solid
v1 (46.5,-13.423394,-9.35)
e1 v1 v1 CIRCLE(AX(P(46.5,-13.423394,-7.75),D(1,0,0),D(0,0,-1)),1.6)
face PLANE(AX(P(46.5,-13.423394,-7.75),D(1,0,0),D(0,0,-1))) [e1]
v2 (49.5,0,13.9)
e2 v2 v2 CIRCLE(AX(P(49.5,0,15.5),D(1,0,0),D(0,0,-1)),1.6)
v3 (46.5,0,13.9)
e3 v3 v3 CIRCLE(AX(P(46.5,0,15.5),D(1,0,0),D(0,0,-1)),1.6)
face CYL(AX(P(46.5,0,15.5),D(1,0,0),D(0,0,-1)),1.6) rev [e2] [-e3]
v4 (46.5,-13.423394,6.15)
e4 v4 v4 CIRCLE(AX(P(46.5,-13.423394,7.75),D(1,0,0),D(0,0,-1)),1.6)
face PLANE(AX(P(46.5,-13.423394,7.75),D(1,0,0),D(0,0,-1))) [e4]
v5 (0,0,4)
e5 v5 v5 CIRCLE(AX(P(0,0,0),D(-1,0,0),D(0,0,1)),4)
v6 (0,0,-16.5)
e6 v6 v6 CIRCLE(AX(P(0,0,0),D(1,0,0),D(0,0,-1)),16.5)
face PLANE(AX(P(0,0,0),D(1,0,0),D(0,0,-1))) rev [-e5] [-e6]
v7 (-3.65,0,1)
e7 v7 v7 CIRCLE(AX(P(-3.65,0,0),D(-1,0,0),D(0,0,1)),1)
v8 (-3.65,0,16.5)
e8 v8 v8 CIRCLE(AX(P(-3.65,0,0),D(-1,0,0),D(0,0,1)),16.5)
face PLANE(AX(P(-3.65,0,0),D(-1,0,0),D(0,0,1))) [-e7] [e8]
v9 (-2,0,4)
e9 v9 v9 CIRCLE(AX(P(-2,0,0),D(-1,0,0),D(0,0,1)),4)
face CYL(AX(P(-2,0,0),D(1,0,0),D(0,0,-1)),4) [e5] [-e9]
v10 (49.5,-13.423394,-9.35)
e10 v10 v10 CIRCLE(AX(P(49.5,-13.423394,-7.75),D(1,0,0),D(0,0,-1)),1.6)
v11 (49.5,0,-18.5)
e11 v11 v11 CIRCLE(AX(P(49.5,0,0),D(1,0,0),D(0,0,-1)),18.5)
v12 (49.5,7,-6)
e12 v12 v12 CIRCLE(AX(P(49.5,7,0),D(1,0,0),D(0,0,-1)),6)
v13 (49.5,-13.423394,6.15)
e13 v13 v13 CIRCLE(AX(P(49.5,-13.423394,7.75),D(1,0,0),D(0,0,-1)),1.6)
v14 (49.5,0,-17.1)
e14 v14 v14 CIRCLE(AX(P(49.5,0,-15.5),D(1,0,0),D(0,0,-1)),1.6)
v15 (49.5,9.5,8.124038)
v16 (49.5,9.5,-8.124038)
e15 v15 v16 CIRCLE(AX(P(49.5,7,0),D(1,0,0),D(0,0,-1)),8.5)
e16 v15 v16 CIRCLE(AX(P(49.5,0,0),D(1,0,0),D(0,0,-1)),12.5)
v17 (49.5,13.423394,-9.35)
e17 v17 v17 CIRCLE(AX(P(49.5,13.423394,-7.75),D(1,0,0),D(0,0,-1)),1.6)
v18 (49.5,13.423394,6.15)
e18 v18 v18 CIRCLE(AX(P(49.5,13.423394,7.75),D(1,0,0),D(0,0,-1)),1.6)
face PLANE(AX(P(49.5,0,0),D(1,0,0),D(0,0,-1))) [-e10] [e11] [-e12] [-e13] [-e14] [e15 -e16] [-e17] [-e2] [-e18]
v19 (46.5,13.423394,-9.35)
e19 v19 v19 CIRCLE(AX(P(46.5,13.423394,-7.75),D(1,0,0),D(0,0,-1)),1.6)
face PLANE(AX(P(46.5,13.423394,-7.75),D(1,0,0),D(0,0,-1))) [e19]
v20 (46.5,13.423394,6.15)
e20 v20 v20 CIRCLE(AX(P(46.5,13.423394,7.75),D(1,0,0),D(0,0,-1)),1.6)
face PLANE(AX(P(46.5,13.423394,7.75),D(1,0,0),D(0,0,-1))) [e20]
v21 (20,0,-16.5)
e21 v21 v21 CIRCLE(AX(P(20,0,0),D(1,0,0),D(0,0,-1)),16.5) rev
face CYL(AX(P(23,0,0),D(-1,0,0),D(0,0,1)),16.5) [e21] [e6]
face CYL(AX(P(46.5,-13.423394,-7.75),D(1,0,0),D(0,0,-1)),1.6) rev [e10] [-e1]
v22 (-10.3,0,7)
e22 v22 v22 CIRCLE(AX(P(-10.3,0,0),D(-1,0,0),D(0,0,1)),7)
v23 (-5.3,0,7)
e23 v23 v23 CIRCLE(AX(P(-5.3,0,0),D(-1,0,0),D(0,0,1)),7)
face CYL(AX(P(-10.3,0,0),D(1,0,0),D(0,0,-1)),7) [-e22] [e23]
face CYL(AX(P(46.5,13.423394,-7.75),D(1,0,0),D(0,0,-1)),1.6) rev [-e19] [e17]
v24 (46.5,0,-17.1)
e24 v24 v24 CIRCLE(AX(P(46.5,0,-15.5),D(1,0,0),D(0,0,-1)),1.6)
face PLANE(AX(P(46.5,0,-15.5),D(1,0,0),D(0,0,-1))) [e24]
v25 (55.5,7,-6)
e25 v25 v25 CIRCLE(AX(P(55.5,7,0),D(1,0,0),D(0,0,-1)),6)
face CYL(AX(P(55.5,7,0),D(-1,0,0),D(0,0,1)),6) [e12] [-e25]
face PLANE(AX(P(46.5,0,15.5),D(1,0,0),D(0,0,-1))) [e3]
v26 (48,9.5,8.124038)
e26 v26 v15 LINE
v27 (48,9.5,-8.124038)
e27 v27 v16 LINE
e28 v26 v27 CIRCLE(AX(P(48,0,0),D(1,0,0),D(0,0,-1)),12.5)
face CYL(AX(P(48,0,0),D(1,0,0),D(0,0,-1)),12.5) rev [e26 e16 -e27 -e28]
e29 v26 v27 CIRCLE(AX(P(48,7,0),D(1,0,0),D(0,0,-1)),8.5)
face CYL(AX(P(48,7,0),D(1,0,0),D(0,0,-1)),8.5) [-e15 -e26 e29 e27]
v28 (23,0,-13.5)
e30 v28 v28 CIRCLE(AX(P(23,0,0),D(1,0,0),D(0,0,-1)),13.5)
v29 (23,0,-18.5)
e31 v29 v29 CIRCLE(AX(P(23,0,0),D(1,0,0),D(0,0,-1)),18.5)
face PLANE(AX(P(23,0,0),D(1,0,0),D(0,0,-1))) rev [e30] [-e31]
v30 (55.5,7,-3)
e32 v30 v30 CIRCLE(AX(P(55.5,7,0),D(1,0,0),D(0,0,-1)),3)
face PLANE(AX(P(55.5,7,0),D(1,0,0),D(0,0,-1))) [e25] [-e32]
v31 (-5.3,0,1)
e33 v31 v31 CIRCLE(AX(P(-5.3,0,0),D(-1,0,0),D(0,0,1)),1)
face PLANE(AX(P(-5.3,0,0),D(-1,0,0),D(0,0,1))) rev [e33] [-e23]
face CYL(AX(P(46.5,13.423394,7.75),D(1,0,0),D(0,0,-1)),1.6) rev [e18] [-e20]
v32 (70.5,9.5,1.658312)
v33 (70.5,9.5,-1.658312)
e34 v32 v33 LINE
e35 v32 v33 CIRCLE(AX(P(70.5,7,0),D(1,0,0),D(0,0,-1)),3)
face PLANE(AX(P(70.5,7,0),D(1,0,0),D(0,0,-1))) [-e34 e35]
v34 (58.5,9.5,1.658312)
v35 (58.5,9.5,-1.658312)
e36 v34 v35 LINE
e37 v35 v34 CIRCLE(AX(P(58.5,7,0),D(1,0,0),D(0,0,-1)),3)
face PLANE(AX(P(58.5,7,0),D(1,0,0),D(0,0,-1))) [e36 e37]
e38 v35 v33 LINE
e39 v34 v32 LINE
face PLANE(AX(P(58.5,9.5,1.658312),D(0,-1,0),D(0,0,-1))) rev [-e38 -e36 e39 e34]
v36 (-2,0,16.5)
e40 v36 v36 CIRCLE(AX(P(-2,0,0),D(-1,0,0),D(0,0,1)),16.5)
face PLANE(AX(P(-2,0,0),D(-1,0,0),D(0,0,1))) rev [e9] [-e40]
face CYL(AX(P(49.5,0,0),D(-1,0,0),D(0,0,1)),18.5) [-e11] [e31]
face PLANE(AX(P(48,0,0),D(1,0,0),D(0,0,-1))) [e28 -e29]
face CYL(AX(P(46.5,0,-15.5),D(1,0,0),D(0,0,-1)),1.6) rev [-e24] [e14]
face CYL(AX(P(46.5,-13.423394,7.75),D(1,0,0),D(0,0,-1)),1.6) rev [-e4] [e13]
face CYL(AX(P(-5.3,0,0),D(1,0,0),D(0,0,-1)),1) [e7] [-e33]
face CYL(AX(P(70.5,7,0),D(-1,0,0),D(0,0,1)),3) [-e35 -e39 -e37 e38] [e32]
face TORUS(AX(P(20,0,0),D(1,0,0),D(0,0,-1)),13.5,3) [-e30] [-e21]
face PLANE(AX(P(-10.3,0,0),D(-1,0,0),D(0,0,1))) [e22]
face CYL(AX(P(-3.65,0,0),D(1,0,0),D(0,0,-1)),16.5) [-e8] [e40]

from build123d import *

# Parameters (mm, degrees)
CROQUIS_MOTOR_BASE_R      = 16.5
SALIENTE_EXTRUIR1_DEPTH   = 23
REDONDEO1_R               = 3
CROQUIS_REDUCTOR_BASE_R   = 18.5
SALIENTE_EXTRUIR2_DEPTH   = 26.5
CROQUIS_MOTOR_SHAFT_R     = 6
SALIENTE_EXTRUIR3_DEPTH   = 6
CORTAR_EXTRUIR1_DEPTH     = 1.5
CROQUIS_SHAFT_R           = 3
SALIENTE_EXTRUIR4_DEPTH   = 15
CORTAR_EXTRUIR2_START     = -12
CORTAR_EXTRUIR2_DEPTH     = 12
CROQUIS_MOUNT_AND_CLOSE_R = 1.6
CORTAR_EXTRUIR3_DEPTH     = 3
CROQUIS_MOTOR_SHAFT_OUT_R = 4
SALIENTE_EXTRUIR5_DEPTH   = 2
SALIENTE_EXTRUIR6_START   = 1.65
CROQUIS_ELECTRONICS_R     = 16.5
SALIENTE_EXTRUIR6_DEPTH   = 1.65
CROQUIS_MOTOR_AXIS_R      = 1
SALIENTE_EXTRUIR7_DEPTH   = 1.65
CROQUIS_ENCODER_R         = 7
SALIENTE_EXTRUIR8_DEPTH   = 5


with BuildPart() as part:
    # Croquis motor base → Saliente-Extruir1 (new body)
    with BuildSketch(Plane(origin=(0, 0, 0), x_dir=(0, 0, -1), z_dir=(1, 0, 0))):
        Circle(CROQUIS_MOTOR_BASE_R)
    extrude(amount=SALIENTE_EXTRUIR1_DEPTH)

    # Redondeo1
    redondeo1_edges = [part.edges().sort_by_distance(p)[0] for p in [
        (23, 0, 16.5),
    ]]
    fillet(redondeo1_edges, radius=REDONDEO1_R)

    # Croquis reductor base → Saliente-Extruir2 (add)
    with BuildSketch(Plane(origin=(23, 0, 0), x_dir=(0, 0, -1), z_dir=(1, 0, 0))):
        Circle(CROQUIS_REDUCTOR_BASE_R)
    extrude(amount=SALIENTE_EXTRUIR2_DEPTH)

    # Croquis motor shaft → Saliente-Extruir3 (add)
    with BuildSketch(Plane(origin=(49.5, 0, 0), x_dir=(0, 0, -1), z_dir=(1, 0, 0))):
        with Locations((0, 7)):
            Circle(CROQUIS_MOTOR_SHAFT_R)
    extrude(amount=SALIENTE_EXTRUIR3_DEPTH)

    # Croquis motor shaft<3> → Cortar-Extruir1 (cut)
    with BuildSketch(Plane(origin=(49.5, 0, 0), x_dir=(0, 0, -1), z_dir=(1, 0, 0))):
        with BuildLine():
            ThreePointArc((8.124038405, 9.5), (8.405484116, 8.264055687), (8.5, 7))
            ThreePointArc((8.5, 7), (-1.264055687, -1.405484116), (-8.124038405, 9.5))
            ThreePointArc((-8.124038405, 9.5), (0, -12.5), (8.124038405, 9.5))
        make_face()
    extrude(amount=-CORTAR_EXTRUIR1_DEPTH, mode=Mode.SUBTRACT)

    # Croquis shaft → Saliente-Extruir4 (add)
    with BuildSketch(Plane(origin=(55.5, 0, 0), x_dir=(0, 0, -1), z_dir=(1, 0, 0))):
        with Locations((0, 7)):
            Circle(CROQUIS_SHAFT_R)
    extrude(amount=SALIENTE_EXTRUIR4_DEPTH)

    # Croquis shaft lock → Cortar-Extruir2 (cut)
    with BuildSketch(Plane(origin=(70.5, 0, 0), x_dir=(0, 0, -1), z_dir=(1, 0, 0)).offset(CORTAR_EXTRUIR2_START)):
        with BuildLine():
            Line((-1.658312395, 9.5), (1.658312395, 9.5))
            ThreePointArc((1.658312395, 9.5), (0, 10), (-1.658312395, 9.5))
        make_face()
    extrude(amount=CORTAR_EXTRUIR2_DEPTH, mode=Mode.SUBTRACT)

    # Croquis mount and close → Cortar-Extruir3 (cut)
    with BuildSketch(Plane(origin=(49.5, 0, 0), x_dir=(0, 0, -1), z_dir=(1, 0, 0))):
        with Locations((-15.5, 0)):
            Circle(CROQUIS_MOUNT_AND_CLOSE_R)
        with Locations((-7.75, 13.423393759)):
            Circle(CROQUIS_MOUNT_AND_CLOSE_R)
        with Locations((7.75, 13.423393759)):
            Circle(CROQUIS_MOUNT_AND_CLOSE_R)
        with Locations((15.5, 0)):
            Circle(CROQUIS_MOUNT_AND_CLOSE_R)
        with Locations((7.75, -13.423393759)):
            Circle(CROQUIS_MOUNT_AND_CLOSE_R)
        with Locations((-7.75, -13.423393759)):
            Circle(CROQUIS_MOUNT_AND_CLOSE_R)
    extrude(amount=-CORTAR_EXTRUIR3_DEPTH, mode=Mode.SUBTRACT)

    # Croquis motor shaft out → Saliente-Extruir5 (add)
    with BuildSketch(Plane.ZY):
        Circle(CROQUIS_MOTOR_SHAFT_OUT_R)
    extrude(amount=SALIENTE_EXTRUIR5_DEPTH)

    # Croquis electronics → Saliente-Extruir6 (add)
    with BuildSketch(Plane.ZY.offset(2).offset(SALIENTE_EXTRUIR6_START)):
        Circle(CROQUIS_ELECTRONICS_R)
    extrude(amount=-SALIENTE_EXTRUIR6_DEPTH)

    # Croquis motor axis → Saliente-Extruir7 (add)
    with BuildSketch(Plane.ZY.offset(3.65)):
        Circle(CROQUIS_MOTOR_AXIS_R)
    extrude(amount=SALIENTE_EXTRUIR7_DEPTH)

    # Croquis encoder → Saliente-Extruir8 (add)
    with BuildSketch(Plane.ZY.offset(5.3)):
        Circle(CROQUIS_ENCODER_R)
    extrude(amount=SALIENTE_EXTRUIR8_DEPTH)


solid = part.part
